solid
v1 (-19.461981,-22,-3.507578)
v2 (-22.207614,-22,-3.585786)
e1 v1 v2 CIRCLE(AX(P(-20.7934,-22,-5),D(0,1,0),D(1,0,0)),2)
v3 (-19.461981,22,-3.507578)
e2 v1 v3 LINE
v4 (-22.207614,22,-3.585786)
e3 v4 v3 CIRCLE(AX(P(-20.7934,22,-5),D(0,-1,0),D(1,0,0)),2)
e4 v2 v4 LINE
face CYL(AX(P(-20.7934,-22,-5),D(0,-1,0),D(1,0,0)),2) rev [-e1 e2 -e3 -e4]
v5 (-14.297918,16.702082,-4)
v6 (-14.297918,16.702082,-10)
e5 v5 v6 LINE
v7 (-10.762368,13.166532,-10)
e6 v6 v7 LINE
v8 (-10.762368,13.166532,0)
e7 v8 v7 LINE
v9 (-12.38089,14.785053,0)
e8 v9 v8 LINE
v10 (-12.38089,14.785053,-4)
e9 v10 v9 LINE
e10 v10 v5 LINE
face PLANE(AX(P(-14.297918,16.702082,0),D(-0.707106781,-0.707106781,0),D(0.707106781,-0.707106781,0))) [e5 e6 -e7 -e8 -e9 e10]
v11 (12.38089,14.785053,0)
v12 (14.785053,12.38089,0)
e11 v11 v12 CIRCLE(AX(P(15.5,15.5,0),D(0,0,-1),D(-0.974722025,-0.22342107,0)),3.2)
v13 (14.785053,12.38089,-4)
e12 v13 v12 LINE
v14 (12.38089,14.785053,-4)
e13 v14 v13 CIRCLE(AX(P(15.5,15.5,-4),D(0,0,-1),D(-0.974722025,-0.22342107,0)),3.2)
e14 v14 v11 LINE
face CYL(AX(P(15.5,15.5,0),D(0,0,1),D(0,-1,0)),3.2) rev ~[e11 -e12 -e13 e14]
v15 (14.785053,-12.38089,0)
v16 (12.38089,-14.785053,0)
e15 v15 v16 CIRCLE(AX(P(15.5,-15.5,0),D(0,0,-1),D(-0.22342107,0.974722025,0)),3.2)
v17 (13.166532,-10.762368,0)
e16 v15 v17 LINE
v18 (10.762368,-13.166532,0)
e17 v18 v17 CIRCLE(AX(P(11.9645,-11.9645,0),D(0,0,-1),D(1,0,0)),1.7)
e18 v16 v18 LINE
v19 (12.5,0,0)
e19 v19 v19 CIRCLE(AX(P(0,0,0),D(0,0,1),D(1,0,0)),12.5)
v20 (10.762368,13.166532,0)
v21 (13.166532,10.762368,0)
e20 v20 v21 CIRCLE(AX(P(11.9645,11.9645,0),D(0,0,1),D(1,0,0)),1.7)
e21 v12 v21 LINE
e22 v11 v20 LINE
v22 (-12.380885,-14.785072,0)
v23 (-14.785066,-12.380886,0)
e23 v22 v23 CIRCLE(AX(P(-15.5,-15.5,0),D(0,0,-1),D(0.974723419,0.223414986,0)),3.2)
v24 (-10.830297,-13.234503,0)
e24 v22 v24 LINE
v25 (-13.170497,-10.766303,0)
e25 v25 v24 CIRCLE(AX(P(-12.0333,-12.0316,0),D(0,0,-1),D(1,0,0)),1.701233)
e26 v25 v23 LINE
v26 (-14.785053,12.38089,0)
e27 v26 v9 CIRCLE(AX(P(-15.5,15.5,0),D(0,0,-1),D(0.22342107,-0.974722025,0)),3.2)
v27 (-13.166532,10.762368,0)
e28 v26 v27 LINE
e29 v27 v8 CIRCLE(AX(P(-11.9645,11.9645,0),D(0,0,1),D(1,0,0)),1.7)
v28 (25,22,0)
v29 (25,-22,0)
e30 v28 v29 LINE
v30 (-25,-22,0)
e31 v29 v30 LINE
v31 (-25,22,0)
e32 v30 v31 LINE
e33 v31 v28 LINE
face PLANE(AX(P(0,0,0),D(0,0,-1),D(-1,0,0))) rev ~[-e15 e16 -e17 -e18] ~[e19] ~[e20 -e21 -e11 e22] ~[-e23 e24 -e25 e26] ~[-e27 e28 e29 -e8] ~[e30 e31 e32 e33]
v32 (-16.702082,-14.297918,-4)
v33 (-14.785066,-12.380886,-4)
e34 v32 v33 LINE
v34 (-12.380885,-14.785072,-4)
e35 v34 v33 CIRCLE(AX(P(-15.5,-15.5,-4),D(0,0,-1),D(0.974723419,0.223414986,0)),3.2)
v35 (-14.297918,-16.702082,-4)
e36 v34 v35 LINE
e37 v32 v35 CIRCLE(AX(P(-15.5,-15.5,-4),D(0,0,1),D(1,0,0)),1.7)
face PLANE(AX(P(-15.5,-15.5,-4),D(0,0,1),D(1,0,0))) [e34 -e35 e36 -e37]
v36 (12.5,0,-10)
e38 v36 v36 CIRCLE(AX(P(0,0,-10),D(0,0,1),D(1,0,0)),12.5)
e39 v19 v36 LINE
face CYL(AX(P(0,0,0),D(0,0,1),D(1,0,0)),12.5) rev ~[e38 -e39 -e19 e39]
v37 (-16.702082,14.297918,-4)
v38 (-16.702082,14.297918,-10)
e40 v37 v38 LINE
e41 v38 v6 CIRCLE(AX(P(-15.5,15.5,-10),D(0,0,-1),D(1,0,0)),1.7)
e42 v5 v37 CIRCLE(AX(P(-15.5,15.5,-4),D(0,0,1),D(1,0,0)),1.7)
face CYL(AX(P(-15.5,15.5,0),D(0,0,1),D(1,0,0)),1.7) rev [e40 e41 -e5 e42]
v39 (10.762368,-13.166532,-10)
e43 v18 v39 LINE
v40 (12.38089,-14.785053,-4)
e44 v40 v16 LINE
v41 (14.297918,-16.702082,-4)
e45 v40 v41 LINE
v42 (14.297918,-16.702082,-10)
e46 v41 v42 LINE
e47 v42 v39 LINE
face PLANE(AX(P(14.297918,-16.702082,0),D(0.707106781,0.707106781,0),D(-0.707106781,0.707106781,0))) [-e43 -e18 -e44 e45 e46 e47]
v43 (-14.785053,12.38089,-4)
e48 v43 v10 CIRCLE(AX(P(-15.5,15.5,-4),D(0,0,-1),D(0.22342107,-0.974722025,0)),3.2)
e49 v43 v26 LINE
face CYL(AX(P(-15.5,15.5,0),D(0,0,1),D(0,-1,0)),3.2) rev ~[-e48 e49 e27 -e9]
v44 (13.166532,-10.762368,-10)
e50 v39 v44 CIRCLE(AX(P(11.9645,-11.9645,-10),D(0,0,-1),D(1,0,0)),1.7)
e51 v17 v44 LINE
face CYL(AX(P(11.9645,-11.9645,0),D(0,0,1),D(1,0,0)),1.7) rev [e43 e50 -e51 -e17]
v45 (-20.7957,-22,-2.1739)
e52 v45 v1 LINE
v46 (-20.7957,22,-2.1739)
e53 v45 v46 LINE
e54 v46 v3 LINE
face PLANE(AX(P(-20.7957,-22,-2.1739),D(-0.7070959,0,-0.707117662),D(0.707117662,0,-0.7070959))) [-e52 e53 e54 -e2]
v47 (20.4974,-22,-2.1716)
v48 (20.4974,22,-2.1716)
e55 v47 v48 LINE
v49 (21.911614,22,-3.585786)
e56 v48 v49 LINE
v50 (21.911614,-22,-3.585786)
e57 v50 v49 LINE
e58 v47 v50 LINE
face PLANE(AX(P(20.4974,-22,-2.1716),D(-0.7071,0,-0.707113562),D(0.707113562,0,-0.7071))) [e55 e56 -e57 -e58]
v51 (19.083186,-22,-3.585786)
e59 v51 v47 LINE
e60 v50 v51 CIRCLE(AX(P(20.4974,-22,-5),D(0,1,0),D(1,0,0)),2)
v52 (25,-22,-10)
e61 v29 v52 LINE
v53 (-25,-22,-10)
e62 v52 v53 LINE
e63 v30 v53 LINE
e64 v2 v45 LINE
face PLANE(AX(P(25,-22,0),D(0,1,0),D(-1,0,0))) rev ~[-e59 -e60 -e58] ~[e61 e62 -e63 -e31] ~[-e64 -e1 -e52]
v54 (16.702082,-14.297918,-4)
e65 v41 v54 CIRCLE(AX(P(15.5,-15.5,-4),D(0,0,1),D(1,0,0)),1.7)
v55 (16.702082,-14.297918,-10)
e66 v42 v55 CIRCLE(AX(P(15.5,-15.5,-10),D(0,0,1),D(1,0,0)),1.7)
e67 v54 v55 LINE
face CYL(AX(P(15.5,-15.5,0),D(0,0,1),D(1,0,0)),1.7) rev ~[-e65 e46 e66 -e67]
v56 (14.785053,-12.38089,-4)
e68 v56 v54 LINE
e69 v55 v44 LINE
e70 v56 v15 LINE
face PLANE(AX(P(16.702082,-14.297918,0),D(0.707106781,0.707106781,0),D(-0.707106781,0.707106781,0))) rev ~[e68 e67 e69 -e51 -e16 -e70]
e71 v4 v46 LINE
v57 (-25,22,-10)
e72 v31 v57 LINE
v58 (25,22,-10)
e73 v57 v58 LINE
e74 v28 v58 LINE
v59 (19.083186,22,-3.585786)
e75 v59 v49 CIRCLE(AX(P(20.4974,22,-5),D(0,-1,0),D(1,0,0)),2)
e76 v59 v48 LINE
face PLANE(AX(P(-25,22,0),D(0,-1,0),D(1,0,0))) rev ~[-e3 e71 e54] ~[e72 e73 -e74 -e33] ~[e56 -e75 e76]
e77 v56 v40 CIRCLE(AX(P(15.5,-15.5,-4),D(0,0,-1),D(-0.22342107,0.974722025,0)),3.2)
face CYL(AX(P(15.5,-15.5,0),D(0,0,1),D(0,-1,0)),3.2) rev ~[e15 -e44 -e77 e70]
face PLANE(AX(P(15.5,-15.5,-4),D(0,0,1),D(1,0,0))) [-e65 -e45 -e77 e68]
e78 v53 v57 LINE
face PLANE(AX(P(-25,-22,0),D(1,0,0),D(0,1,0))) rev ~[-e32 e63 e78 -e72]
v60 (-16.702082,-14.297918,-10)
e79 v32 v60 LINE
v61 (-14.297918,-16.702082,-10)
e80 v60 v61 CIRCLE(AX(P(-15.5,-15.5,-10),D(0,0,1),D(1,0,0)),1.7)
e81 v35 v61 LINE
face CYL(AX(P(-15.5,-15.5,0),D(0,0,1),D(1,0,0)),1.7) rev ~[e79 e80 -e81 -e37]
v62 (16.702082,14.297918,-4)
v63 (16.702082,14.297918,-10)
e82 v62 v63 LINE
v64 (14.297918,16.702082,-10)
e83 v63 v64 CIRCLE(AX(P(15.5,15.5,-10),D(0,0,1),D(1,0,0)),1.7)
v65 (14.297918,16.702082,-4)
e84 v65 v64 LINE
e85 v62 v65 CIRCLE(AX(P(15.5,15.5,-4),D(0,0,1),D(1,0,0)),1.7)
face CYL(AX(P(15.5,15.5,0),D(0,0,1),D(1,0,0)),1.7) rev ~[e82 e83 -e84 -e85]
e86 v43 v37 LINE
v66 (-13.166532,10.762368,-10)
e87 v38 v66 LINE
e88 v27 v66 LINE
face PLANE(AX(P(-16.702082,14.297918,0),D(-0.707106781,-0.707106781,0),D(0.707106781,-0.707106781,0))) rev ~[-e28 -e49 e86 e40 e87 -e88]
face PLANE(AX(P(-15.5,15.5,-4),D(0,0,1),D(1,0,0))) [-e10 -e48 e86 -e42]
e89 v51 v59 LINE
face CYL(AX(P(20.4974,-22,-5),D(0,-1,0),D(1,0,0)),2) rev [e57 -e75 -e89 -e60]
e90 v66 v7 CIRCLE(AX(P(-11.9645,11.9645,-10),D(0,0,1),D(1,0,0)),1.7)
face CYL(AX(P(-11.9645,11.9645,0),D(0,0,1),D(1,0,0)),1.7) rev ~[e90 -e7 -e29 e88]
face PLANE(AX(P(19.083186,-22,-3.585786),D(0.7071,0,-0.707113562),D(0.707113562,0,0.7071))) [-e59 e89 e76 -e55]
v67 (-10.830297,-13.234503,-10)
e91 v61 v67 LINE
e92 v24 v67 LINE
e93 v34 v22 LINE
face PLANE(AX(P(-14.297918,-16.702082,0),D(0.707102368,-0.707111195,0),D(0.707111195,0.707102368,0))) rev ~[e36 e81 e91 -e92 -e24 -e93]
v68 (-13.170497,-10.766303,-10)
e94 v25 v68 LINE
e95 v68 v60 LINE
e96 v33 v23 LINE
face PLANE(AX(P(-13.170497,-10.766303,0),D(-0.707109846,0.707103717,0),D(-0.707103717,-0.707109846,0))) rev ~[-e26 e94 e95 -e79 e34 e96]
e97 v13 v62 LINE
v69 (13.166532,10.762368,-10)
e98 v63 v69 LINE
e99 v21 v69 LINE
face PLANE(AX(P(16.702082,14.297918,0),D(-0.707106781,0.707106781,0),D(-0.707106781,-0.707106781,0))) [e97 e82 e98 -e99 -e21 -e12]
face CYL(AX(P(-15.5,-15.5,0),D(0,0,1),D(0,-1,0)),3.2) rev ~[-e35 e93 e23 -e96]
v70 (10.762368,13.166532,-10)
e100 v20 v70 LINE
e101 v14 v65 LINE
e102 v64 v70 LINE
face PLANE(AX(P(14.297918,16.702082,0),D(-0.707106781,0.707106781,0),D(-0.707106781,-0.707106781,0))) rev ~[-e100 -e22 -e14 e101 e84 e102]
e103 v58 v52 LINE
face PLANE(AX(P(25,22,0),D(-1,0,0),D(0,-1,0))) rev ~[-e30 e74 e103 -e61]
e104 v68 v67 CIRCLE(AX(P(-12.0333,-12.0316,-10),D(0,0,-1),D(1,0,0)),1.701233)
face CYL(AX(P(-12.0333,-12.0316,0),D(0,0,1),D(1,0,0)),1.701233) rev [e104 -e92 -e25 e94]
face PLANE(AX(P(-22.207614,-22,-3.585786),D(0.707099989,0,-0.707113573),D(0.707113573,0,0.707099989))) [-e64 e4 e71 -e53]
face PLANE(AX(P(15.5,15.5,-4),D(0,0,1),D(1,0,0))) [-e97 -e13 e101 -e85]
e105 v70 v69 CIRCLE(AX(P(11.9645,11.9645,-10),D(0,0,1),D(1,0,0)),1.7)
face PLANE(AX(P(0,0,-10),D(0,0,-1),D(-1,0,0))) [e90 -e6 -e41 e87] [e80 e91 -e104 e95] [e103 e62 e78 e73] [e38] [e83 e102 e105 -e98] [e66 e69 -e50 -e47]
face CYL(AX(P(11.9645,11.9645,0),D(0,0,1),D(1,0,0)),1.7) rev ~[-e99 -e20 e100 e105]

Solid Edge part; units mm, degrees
sketch "Sketch1" plane through (0, 0, 0) normal (0, 0, 1) x (1, 0, 0)
  line L0 (-25, 22) -> (25, 22)
  line L1 (25, 22) -> (25, -22)
  line L2 (25, -22) -> (-25, -22)
  line L3 (-25, -22) -> (-25, 22)
  line L4 (-14.2979, 16.7021) -> (-10.7624, 13.1665)
  arc A0 (-13.1665, 10.7624) -> (-10.7624, 13.1665) centre (-11.9645, 11.9645) ccw
  line L5 (-16.7021, 14.2979) -> (-13.1665, 10.7624)
  arc A1 (-16.7021, 14.2979) -> (-14.2979, 16.7021) centre (-15.5, 15.5) cw
  line L6 (14.2979, 16.7021) -> (10.7624, 13.1665)
  arc A2 (10.7624, 13.1665) -> (13.1665, 10.7624) centre (11.9645, 11.9645) ccw
  line L7 (16.7021, 14.2979) -> (13.1665, 10.7624)
  arc A3 (16.7021, 14.2979) -> (14.2979, 16.7021) centre (15.5, 15.5) ccw
  line L8 (16.7021, -14.2979) -> (13.1665, -10.7624)
  arc A4 (10.7624, -13.1665) -> (13.1665, -10.7624) centre (11.9645, -11.9645) cw
  line L9 (14.2979, -16.7021) -> (10.7624, -13.1665)
  arc A5 (14.2979, -16.7021) -> (16.7021, -14.2979) centre (15.5, -15.5) ccw
  line L10 (-14.2979, -16.7021) -> (-10.8303, -13.2345)
  arc A6 (-13.1705, -10.7663) -> (-10.8303, -13.2345) centre (-12.0333, -12.0316) cw
  line L11 (-13.1705, -10.7663) -> (-16.7021, -14.2979)
  arc A7 (-16.7021, -14.2979) -> (-14.2979, -16.7021) centre (-15.5, -15.5) ccw
  circle A8 centre (0, 0) radius 12.5
  dimension "D1" = 44
  dimension "D2" = 50
  dimension "D3" = 25
  dimension "D4" = 22
  dimension "D5" = 25
extrude "Protrusion1" add sketch "Sketch1" against normal blind 10
sketch "Sketch2" plane through (0, 0, 0) normal (0, 0, 1) x (0, -1, 0)
  circle A0 centre (-15.5, 15.5) radius 3.2
  circle A1 centre (15.5, 15.5) radius 3.2
  circle A2 centre (15.5, -15.5) radius 3.2
  circle A3 centre (-15.5, -15.5) radius 3.2
extrude "ExtrudedCutout_1" cut sketch "Sketch2" against normal blind 4
sketch "Sketch3" plane through (0, -22, -3.5) normal (0, -1, 0) x (1, 0, 0)
  line L0 (19.0832, -0.0858) -> (20.4974, 1.3284)
  line L1 (20.4974, 1.3284) -> (21.9116, -0.0858)
  arc A0 (21.9116, -0.0858) -> (19.0832, -0.0858) centre (20.4974, -1.5) cw
  line L2 (-22.2076, -0.0858) -> (-20.7957, 1.3261)
  line L3 (-20.7957, 1.3261) -> (-19.462, -0.0076)
  arc A1 (-19.462, -0.0076) -> (-22.2076, -0.0858) centre (-20.7934, -1.5) cw
  dimension "D1" = 5
extrude "ExtrudedCutout_2" cut sketch "Sketch3" against normal blind 168.7822
